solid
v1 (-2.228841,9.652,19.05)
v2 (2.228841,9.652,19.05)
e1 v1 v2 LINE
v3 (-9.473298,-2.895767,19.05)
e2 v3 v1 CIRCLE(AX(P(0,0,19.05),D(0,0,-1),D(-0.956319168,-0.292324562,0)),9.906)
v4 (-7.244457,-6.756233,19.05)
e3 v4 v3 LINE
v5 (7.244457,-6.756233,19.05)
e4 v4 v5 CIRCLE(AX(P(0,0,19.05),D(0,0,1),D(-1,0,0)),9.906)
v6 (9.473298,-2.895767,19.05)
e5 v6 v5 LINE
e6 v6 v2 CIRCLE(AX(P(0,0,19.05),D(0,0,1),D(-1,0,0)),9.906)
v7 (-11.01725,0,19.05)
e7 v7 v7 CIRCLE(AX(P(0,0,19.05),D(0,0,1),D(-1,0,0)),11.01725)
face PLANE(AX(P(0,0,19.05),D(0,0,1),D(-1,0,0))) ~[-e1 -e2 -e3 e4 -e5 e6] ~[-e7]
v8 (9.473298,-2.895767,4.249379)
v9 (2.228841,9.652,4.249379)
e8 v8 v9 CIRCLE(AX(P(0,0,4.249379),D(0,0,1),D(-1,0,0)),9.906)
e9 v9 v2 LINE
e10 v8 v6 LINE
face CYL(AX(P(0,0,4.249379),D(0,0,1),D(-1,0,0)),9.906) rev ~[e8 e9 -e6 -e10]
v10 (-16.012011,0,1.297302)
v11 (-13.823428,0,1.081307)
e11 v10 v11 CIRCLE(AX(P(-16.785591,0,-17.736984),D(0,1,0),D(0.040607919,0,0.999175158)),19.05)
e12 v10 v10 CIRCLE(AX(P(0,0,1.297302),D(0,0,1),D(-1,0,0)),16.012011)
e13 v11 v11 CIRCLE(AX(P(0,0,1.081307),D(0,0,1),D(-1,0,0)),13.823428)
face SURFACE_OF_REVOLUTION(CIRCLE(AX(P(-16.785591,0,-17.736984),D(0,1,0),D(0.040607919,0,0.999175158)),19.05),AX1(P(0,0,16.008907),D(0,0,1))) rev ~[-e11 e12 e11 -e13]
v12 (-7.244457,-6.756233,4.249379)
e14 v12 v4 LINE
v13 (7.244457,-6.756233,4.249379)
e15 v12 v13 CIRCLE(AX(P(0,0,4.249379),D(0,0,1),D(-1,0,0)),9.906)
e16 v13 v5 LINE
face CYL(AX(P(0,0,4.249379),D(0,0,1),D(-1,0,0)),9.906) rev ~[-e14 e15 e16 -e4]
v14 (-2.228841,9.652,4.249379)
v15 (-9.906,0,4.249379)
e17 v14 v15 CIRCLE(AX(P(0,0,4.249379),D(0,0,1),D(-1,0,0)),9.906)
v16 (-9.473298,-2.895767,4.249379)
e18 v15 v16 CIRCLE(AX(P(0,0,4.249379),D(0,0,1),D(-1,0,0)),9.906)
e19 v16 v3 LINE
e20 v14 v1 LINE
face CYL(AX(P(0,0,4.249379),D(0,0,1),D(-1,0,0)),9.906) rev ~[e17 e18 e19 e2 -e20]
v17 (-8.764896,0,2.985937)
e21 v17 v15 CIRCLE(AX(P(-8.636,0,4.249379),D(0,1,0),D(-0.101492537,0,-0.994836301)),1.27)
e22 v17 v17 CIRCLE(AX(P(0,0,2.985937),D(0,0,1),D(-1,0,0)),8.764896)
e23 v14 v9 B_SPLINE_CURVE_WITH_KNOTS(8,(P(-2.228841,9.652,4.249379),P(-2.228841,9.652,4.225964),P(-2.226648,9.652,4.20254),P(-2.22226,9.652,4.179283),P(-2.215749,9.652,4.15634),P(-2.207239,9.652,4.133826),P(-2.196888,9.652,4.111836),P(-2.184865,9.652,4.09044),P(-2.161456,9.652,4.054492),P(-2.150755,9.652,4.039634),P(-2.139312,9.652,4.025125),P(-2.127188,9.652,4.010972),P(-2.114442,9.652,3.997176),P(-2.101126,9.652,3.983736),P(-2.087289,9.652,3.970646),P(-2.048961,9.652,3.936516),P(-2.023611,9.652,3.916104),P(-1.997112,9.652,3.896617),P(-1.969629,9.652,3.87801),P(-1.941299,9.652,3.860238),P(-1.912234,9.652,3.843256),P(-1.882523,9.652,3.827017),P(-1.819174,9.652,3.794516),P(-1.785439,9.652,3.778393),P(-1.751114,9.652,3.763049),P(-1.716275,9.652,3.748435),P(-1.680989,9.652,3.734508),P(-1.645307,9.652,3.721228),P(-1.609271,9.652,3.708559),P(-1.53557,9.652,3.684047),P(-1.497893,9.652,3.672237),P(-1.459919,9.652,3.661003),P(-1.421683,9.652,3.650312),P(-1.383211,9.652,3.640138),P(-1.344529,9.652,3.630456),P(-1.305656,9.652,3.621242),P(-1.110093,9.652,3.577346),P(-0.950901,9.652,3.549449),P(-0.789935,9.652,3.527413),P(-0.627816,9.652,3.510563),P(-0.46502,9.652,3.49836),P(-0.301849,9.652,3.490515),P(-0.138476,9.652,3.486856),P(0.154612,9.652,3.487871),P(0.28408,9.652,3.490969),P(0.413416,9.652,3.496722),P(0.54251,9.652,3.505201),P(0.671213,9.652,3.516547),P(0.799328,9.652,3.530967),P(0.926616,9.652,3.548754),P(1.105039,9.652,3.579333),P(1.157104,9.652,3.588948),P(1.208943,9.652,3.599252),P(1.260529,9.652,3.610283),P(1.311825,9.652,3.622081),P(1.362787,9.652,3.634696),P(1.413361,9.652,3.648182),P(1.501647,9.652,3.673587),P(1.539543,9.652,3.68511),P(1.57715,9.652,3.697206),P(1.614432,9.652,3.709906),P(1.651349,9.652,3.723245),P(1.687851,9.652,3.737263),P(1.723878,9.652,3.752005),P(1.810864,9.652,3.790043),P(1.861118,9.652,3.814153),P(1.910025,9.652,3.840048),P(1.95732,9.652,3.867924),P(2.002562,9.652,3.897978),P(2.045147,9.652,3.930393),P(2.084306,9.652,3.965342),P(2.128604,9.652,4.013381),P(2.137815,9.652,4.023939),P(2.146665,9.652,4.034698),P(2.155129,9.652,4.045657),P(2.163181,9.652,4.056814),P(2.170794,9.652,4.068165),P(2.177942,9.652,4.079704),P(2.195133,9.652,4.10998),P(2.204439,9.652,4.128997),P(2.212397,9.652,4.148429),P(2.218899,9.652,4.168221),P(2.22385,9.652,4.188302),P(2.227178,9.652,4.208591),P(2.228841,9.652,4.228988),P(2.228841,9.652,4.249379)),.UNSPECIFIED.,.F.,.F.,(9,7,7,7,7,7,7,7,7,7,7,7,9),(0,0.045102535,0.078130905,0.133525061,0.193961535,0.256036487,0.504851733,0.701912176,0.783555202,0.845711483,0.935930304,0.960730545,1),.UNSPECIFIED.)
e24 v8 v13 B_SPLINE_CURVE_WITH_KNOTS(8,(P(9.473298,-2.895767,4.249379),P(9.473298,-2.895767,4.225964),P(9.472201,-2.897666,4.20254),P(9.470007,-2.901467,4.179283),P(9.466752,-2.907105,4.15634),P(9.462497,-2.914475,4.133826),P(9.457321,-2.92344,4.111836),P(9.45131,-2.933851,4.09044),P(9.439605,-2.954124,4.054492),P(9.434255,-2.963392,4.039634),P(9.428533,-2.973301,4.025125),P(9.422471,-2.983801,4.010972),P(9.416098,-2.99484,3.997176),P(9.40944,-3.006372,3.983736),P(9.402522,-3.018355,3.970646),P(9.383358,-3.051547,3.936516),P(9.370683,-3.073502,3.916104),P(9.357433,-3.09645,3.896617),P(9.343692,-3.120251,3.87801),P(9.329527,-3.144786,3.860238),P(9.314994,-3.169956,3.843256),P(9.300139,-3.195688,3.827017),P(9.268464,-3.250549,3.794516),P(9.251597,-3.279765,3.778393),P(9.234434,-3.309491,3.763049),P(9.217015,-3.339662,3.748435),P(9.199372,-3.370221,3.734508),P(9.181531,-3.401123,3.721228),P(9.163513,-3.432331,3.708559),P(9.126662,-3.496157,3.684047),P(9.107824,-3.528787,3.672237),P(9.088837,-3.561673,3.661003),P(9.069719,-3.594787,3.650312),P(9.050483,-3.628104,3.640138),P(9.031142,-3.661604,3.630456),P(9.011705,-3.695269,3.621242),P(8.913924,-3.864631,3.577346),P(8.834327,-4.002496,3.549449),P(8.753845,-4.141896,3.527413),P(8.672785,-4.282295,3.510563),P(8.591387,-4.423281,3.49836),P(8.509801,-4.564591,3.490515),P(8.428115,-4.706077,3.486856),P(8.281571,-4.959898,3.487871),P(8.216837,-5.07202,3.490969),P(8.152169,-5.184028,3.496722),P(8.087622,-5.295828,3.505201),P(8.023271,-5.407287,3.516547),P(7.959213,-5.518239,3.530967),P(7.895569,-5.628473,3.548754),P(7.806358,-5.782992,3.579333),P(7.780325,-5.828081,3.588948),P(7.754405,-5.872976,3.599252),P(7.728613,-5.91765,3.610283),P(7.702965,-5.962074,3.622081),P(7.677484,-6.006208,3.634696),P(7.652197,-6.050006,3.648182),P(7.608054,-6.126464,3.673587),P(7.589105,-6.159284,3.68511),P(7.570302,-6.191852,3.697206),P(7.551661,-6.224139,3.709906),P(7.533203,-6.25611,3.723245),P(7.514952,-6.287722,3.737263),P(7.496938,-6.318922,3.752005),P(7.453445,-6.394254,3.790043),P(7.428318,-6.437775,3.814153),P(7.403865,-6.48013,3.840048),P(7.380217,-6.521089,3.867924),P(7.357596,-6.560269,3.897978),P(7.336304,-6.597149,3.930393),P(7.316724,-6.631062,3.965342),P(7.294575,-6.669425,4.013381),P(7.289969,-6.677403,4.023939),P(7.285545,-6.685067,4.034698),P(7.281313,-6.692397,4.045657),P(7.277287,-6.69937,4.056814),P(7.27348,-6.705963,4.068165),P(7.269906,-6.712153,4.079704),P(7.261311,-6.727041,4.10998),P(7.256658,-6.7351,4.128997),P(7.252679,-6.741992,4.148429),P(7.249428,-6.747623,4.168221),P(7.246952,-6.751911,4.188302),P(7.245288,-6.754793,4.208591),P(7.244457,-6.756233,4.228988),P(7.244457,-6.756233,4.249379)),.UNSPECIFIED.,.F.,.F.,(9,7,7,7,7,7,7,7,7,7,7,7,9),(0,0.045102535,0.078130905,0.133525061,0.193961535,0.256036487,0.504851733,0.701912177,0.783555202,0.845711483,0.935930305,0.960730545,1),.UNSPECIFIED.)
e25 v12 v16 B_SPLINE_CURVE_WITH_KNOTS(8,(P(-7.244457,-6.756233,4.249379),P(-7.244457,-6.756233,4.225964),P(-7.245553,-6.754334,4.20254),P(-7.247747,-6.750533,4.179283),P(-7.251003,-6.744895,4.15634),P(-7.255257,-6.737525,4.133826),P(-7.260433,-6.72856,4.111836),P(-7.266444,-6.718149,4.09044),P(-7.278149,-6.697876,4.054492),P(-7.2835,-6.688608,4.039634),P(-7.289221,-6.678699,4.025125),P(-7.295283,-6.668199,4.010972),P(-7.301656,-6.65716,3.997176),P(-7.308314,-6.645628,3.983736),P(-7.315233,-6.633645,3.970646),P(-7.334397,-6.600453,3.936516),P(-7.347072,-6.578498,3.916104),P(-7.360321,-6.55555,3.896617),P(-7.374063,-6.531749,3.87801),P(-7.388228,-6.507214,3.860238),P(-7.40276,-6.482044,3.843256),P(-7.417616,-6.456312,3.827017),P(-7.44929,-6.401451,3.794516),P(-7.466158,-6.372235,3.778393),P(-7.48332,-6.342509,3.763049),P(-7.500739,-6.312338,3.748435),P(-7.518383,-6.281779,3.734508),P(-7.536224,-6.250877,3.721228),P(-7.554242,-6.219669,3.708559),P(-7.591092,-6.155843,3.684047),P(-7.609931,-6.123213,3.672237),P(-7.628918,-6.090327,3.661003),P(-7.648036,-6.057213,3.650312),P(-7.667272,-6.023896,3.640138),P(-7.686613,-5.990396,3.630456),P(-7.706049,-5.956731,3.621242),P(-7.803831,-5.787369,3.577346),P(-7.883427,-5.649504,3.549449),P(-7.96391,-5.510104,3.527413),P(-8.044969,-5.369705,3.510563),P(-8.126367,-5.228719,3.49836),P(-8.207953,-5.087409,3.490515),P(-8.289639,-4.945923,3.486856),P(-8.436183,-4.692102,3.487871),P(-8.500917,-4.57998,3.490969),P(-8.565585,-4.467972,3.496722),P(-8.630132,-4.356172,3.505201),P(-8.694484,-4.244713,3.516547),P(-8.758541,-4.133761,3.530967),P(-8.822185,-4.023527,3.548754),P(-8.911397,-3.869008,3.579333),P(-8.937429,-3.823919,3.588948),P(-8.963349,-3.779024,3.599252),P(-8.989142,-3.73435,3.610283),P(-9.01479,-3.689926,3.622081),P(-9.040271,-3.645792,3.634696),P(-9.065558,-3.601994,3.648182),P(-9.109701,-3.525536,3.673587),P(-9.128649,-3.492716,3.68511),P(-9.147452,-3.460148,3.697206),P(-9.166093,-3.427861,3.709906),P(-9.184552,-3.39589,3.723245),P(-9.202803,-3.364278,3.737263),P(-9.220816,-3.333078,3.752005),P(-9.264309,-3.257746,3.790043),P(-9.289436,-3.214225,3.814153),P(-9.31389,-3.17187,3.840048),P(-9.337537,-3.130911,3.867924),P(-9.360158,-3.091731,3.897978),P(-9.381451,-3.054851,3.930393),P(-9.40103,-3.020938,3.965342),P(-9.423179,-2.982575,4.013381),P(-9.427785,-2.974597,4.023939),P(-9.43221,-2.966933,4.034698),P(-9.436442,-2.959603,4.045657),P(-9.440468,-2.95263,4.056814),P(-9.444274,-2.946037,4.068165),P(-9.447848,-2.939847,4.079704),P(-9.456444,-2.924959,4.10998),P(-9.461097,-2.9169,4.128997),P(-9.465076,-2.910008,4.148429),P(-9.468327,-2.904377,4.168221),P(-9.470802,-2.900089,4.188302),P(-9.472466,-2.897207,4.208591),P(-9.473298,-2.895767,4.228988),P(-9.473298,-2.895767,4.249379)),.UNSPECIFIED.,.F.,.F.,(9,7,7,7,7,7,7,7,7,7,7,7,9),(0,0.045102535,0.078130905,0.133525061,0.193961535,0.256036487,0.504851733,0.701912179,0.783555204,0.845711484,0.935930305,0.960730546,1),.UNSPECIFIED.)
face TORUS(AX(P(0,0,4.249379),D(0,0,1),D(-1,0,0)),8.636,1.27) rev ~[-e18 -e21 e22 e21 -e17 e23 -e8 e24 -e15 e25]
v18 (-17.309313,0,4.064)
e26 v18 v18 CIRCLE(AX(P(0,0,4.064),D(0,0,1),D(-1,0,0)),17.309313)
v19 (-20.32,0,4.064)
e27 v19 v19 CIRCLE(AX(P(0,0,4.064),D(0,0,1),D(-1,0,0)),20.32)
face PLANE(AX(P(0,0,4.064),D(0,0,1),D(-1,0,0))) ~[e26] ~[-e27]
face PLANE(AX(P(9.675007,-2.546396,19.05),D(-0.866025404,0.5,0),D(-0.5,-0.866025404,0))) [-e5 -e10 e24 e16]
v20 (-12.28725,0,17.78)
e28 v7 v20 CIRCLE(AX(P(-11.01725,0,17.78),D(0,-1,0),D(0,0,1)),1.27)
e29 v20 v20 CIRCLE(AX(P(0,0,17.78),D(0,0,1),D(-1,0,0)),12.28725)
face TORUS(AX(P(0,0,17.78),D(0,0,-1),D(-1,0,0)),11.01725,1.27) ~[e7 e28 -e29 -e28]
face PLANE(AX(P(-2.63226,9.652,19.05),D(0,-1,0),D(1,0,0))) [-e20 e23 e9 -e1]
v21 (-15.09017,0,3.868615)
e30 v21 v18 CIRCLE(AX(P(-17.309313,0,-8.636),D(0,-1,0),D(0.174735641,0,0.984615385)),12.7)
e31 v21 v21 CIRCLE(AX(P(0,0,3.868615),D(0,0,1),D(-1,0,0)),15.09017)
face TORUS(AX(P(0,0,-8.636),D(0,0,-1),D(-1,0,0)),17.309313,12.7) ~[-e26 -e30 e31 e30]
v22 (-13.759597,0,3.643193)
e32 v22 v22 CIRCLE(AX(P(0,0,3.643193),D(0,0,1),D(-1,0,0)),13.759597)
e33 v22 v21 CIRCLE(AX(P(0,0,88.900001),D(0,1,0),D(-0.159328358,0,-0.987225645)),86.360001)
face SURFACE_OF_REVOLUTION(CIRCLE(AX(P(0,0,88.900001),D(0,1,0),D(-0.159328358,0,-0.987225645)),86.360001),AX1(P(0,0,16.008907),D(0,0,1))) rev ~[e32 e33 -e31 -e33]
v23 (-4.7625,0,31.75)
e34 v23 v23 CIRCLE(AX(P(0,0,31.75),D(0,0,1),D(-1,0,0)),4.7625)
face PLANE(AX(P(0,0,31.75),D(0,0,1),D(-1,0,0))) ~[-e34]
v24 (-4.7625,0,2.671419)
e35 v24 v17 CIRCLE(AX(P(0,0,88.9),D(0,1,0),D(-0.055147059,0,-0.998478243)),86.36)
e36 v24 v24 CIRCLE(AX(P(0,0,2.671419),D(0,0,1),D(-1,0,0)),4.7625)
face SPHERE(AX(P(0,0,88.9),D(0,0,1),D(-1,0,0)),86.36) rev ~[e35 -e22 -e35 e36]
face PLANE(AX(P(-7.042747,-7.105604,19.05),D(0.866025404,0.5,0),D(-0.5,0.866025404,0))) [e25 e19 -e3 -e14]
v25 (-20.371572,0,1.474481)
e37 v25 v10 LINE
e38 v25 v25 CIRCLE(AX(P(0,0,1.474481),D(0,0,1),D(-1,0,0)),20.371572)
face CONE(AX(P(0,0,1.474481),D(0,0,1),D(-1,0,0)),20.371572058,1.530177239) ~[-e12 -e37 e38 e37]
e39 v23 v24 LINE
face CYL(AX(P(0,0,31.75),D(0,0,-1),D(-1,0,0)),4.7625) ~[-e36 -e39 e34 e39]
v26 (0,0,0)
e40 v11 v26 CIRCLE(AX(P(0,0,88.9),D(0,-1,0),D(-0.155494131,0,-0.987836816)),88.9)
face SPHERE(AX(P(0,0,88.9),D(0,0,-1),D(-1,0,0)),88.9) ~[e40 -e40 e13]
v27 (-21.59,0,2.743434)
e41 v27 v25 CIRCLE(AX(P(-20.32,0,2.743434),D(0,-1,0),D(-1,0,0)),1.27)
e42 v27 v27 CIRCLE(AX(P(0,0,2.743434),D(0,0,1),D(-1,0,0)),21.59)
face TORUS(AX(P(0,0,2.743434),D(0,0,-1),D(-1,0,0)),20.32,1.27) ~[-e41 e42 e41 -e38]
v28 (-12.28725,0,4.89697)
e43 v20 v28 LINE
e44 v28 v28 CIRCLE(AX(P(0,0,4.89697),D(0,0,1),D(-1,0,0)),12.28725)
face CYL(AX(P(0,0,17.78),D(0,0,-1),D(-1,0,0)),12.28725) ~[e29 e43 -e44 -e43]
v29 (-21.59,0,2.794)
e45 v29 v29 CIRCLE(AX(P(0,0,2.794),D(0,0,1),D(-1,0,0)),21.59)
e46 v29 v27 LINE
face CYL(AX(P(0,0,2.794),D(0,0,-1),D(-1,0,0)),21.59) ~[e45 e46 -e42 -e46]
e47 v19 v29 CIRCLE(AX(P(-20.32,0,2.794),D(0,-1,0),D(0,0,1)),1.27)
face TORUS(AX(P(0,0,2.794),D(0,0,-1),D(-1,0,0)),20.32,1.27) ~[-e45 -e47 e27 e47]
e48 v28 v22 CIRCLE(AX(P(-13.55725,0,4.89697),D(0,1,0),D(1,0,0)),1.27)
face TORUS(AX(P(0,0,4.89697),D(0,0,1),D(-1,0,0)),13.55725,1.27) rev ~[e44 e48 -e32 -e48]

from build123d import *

# Parameters (mm, degrees)
F2_W = 5.2118794768
F2_H = 0.8645743734


with BuildPart() as f1:
    # F0 (on Front) → F1 (revolve)
    with BuildSketch(Plane.XZ):
        with BuildLine():
            ThreePointArc((-16.0120105601, 1.2973024651), (-14.9145998636, 1.220913542), (-13.8234282313, 1.0813070472))
            ThreePointArc((-13.8234282313, 1.0813070472), (-6.9328275797, 0.2707390206), (0, 0))
            Line((0, 0), (0, 2.54))
            Line((0, 2.54), (0, 31.75))
            Line((0, 31.75), (-4.7625, 31.75))
            Line((-4.7625, 31.75), (-4.7625, 2.6714189277))
            ThreePointArc((-4.7625, 2.6714189277), (-6.7655256871, 2.8054167663), (-8.7648955224, 2.9859370855))
            ThreePointArc((-8.7648955224, 2.9859370855), (-9.5784959717, 3.3981440003), (-9.906, 4.2493791872))
            Line((-9.906, 4.2493791872), (-9.906, 19.05))
            Line((-9.906, 19.05), (-11.01725, 19.05))
            ThreePointArc((-11.01725, 19.05), (-11.9152756121, 18.6780256121), (-12.28725, 17.78))
            Line((-12.28725, 17.78), (-12.28725, 4.8969698616))
            ThreePointArc((-12.28725, 4.8969698616), (-12.7338669509, 3.9300467237), (-13.7595970149, 3.6431932923))
            ThreePointArc((-13.7595970149, 3.6431932923), (-14.4253238393, 3.753305219), (-15.0901699921, 3.8686153846))
            ThreePointArc((-15.0901699921, 3.8686153846), (-16.1954489535, 4.0150595482), (-17.309312638, 4.064))
            Line((-17.309312638, 4.064), (-20.32, 4.064))
            ThreePointArc((-20.32, 4.064), (-21.2180256121, 3.6920256121), (-21.59, 2.794))
            Line((-21.59, 2.794), (-21.59, 2.7434337823))
            ThreePointArc((-21.59, 2.7434337823), (-21.2360776477, 1.8638306085), (-20.3715720576, 1.4744813313))
            Line((-20.3715720576, 1.4744813313), (-16.0120105601, 1.2973024651))
        make_face()
    revolve(axis=Axis((0, 0, 16.008906941), (0, 0, 1)))

    # F2 (on face) → F3 (join, up to the next surface of F1)
    with BuildSketch(Plane.XY.offset(19.05)):
        with Locations((-0.0263204336, 10.0842871867)):
            Rectangle(F2_W, F2_H)
        Polygon((-10.3974302206, -3.0242713366), (-7.7914904822, -7.537891365), (-7.0427471113, -7.1056041783), (-9.6486868497, -2.5919841499), align=None)
        Polygon((7.8178109157, -7.4923030368), (10.4237506542, -2.9786830084), (9.6750072833, -2.5463958217), (7.0690675449, -7.0600158501), align=None)
    extrude(until=Until.NEXT, dir=(0, 0, -1))


solid = f1.part
